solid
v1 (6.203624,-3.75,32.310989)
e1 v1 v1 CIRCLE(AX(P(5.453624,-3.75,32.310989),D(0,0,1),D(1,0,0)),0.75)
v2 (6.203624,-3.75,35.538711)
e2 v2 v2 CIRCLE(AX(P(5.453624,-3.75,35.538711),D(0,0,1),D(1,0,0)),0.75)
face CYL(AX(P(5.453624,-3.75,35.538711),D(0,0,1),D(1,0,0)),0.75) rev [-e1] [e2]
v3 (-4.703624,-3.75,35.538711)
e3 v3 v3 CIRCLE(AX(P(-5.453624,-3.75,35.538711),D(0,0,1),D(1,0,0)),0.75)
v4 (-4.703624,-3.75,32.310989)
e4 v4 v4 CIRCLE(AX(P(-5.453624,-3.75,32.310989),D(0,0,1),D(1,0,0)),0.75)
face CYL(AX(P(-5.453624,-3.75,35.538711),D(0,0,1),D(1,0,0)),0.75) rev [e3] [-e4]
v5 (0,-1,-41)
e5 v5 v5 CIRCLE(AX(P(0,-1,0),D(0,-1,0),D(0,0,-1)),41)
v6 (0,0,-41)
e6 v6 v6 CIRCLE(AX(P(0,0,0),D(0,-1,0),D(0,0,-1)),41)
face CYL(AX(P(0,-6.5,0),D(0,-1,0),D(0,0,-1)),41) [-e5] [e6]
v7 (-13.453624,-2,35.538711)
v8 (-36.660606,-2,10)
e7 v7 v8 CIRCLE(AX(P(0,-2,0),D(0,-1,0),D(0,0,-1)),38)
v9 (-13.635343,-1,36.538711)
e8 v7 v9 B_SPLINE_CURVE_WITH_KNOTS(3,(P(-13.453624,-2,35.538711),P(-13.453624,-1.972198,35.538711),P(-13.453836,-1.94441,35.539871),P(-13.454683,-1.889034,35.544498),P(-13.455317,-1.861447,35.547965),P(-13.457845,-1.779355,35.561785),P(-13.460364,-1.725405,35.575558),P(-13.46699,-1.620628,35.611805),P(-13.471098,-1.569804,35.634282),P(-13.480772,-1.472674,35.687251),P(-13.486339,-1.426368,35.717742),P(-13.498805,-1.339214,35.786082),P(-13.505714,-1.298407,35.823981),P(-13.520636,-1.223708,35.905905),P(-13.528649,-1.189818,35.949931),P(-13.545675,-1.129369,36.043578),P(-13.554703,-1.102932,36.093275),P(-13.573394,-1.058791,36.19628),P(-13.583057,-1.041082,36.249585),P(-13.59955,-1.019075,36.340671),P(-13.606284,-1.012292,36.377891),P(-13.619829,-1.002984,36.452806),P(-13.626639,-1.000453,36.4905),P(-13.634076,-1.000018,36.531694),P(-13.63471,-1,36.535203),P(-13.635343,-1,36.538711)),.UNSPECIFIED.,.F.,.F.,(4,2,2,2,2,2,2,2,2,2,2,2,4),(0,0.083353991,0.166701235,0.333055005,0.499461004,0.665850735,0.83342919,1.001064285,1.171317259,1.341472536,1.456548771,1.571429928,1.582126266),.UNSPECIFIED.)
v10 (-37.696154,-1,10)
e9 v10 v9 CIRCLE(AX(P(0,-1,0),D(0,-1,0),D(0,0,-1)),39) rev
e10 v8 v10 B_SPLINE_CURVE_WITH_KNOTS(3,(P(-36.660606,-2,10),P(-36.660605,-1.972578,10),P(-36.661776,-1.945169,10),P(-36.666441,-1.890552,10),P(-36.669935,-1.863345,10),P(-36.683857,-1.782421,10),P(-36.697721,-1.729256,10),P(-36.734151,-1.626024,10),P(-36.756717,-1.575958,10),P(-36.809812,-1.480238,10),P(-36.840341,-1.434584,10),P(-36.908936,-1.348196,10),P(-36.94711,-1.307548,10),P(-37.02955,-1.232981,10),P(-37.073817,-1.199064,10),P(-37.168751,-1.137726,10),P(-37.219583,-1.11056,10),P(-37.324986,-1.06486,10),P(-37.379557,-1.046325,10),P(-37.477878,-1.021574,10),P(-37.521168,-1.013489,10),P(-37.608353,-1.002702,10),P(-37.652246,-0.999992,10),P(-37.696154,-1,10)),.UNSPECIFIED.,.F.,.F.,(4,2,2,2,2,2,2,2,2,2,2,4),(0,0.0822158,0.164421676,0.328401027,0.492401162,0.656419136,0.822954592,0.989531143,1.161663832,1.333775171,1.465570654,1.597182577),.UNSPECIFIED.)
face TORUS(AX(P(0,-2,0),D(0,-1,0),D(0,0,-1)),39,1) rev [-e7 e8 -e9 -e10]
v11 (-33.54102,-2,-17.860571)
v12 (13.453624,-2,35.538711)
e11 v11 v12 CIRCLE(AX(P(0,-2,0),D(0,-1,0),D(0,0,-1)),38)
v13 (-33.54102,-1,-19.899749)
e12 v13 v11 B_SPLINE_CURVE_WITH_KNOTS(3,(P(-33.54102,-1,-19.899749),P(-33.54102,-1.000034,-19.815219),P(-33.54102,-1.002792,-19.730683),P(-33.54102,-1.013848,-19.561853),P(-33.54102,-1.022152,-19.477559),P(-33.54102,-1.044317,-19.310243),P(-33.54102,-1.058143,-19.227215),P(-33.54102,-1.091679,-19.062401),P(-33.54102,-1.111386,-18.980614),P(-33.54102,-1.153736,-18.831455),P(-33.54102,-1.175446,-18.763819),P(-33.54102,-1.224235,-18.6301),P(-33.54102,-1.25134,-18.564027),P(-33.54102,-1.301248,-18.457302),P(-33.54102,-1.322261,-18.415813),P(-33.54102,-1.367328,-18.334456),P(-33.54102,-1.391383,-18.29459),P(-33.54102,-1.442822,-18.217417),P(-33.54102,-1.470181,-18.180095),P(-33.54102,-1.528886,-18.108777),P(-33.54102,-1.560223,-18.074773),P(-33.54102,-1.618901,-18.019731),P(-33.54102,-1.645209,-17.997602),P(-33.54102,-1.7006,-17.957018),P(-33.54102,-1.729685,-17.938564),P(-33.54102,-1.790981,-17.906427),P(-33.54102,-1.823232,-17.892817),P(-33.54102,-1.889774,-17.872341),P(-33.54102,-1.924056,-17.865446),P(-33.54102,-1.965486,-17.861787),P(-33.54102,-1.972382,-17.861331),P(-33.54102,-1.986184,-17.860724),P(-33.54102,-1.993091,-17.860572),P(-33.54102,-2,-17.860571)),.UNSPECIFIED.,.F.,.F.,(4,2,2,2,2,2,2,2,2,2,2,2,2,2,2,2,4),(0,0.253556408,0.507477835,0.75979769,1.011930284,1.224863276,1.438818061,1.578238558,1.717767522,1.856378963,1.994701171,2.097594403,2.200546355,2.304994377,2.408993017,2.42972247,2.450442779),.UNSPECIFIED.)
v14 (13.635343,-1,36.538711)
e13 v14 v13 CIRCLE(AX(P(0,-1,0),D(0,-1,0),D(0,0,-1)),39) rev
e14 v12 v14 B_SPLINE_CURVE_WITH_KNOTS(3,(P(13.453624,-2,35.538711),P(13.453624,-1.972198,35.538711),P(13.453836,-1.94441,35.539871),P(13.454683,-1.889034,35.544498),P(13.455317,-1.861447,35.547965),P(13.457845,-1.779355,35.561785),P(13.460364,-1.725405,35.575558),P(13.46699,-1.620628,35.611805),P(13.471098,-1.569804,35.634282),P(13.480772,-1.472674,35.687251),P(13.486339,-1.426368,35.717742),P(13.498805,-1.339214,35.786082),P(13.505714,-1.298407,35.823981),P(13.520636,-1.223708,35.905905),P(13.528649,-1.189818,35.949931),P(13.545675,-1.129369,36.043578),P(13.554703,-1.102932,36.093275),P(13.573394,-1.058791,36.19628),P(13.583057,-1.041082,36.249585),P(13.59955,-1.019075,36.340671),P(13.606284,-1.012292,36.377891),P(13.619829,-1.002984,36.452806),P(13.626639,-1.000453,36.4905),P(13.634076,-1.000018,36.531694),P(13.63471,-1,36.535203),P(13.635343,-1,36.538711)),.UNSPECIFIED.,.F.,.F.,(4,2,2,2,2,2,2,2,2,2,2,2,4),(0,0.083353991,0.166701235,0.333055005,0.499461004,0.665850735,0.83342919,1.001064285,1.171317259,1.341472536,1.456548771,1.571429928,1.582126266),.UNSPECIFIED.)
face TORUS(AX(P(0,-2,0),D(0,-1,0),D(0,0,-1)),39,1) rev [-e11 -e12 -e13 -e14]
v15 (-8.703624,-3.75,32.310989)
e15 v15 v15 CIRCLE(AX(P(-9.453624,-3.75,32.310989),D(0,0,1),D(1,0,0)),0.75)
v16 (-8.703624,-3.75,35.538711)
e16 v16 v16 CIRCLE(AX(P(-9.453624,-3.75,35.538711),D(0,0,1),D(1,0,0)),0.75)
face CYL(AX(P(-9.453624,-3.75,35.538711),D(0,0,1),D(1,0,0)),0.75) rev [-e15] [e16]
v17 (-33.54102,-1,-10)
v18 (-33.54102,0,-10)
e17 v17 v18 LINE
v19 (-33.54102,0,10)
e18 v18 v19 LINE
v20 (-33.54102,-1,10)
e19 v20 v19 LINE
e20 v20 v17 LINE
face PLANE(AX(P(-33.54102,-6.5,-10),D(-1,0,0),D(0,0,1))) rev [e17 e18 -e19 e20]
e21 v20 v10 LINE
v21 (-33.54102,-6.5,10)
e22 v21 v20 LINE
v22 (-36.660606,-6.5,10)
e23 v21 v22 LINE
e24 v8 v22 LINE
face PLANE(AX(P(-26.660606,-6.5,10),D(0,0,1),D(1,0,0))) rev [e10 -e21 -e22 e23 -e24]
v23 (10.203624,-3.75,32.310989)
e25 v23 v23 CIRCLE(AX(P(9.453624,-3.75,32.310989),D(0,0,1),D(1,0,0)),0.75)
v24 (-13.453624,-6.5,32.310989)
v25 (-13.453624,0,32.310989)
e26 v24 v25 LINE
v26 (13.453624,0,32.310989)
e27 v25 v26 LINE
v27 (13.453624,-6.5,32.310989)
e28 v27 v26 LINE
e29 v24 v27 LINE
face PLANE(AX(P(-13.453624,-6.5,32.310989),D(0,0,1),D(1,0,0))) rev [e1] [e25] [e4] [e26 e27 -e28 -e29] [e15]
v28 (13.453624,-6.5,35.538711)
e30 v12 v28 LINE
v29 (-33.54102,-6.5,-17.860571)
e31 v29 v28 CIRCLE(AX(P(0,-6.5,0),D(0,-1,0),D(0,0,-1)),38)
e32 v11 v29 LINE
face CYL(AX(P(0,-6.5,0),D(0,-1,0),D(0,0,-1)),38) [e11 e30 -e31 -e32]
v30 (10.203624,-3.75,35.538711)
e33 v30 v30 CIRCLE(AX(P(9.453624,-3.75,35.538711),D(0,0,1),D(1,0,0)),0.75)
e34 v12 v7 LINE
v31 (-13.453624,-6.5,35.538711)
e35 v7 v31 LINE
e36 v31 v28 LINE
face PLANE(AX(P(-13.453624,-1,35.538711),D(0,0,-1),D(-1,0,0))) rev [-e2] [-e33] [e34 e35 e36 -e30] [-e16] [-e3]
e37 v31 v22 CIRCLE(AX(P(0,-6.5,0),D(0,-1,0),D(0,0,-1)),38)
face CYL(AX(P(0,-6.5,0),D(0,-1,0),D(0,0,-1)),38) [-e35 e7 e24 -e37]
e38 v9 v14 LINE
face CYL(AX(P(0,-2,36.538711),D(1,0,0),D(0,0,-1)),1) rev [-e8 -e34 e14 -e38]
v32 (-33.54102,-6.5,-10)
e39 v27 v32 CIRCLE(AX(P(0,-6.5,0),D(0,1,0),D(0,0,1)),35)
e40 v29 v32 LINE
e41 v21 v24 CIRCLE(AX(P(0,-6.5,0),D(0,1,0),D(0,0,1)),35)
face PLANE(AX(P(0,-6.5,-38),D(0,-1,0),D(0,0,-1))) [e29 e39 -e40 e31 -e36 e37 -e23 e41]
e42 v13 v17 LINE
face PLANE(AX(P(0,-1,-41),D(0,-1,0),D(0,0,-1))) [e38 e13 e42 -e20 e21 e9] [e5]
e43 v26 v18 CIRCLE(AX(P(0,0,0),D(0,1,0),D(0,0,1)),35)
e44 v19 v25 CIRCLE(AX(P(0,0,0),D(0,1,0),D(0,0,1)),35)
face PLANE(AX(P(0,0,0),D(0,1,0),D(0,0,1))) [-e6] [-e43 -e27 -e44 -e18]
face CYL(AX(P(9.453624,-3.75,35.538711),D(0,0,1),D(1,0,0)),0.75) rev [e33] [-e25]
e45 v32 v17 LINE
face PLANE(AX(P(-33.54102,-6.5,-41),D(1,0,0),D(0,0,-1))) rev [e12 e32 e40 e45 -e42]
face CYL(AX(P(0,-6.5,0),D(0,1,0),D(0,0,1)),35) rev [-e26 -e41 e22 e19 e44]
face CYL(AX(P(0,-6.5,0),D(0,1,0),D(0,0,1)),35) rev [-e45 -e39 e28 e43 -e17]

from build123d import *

# Parameters (mm, degrees)
CUT_EXTRUDE1_DEPTH             = 59.345951016
CUT_EXTRUDE3_DEPTH             = 5.5
SKETCH10_W                     = 20
SKETCH10_H                     = 5.5
CUT_EXTRUDE5_DEPTH             = 10
F_1_5_1_5_DIAMETER_HOLE1_D     = 1.5
F_1_5_1_5_DIAMETER_HOLE1_DEPTH = 3.227722445
SKETCH12_W                     = 3.119585898
SKETCH12_H                     = 5.5
CUT_EXTRUDE6_DEPTH             = 66.759029798
FILLET1_R                      = 1


with BuildPart() as part:
    # Sketch2 → Revolve1 (revolve)
    with BuildSketch(Plane(origin=(0, 0, 0), x_dir=(0, 0, -1), z_dir=(1, 0, 0))):
        Polygon((0, 0), (41, 0), (41, -1), (38, -1), (38, -6.5), (0, -6.5), align=None)
    revolve(axis=Axis((0, -6.5, 0), (0, 1, 0)))

    # Sketch3 → Cut-Extrude1 (cut, through all)
    with BuildSketch(Plane(origin=(0, 0, 0), x_dir=(1, 0, 0), z_dir=(0, 1, 0))):
        with BuildLine():
            Line((-13.453624047, -32.310988843), (13.453624047, -32.310988843))
            ThreePointArc((13.453624047, -32.310988843), (23.418599656, 26.010943661), (-33.541019662, 10))
            Line((-33.541019662, 10), (-33.541019662, -10))
            ThreePointArc((-33.541019662, -10), (-26.010943661, -23.418599656), (-13.453624047, -32.310988843))
        make_face()
    extrude(amount=-CUT_EXTRUDE1_DEPTH, mode=Mode.SUBTRACT)

    # Sketch6 → Cut-Extrude3 (cut)
    with BuildSketch(Plane.XZ.offset(6.5)):
        with BuildLine():
            Line((-13.453624047, 35.538711288), (13.453624047, 35.538711288))
            ThreePointArc((13.453624047, 35.538711288), (0, 38), (-13.453624047, 35.538711288))
        make_face()
        with BuildLine():
            Line((-36.66060556, -10), (-36.66060556, 10))
            ThreePointArc((-36.66060556, 10), (-38, 0), (-36.66060556, -10))
        make_face()
    extrude(amount=-CUT_EXTRUDE3_DEPTH, mode=Mode.SUBTRACT)

    # Sketch10 → Cut-Extrude5 (cut)
    with BuildSketch(Plane.ZY.offset(36.66060556)):
        with Locations((0, -3.75)):
            Rectangle(SKETCH10_W, SKETCH10_H)
    extrude(amount=-CUT_EXTRUDE5_DEPTH, mode=Mode.SUBTRACT)

    # Ø1.5 (1.5) Diameter Hole1
    with Locations(Plane.XY.offset(35.538711288)):
        with Locations((9.453624047, -3.75), (5.453624047, -3.75), (-5.453624047, -3.75), (-9.453624047, -3.75)):
            Hole(F_1_5_1_5_DIAMETER_HOLE1_D / 2, depth=F_1_5_1_5_DIAMETER_HOLE1_DEPTH)

    # Sketch12 → Cut-Extrude6 (cut, through all)
    with BuildSketch(Plane.XY.offset(-10)):
        with Locations((-35.100812611, -3.75)):
            Rectangle(SKETCH12_W, SKETCH12_H)
    extrude(amount=-CUT_EXTRUDE6_DEPTH, mode=Mode.SUBTRACT)

    # Fillet1
    fillet1_edges = [part.edges().sort_by_distance(p)[0] for p in [
        (-28.123218981, -1, 25.555519055),
        (0, -1, 35.538711288),
        (28.526245907, -1, -25.104846036),
    ]]
    fillet(fillet1_edges, radius=FILLET1_R)


solid = part.part
